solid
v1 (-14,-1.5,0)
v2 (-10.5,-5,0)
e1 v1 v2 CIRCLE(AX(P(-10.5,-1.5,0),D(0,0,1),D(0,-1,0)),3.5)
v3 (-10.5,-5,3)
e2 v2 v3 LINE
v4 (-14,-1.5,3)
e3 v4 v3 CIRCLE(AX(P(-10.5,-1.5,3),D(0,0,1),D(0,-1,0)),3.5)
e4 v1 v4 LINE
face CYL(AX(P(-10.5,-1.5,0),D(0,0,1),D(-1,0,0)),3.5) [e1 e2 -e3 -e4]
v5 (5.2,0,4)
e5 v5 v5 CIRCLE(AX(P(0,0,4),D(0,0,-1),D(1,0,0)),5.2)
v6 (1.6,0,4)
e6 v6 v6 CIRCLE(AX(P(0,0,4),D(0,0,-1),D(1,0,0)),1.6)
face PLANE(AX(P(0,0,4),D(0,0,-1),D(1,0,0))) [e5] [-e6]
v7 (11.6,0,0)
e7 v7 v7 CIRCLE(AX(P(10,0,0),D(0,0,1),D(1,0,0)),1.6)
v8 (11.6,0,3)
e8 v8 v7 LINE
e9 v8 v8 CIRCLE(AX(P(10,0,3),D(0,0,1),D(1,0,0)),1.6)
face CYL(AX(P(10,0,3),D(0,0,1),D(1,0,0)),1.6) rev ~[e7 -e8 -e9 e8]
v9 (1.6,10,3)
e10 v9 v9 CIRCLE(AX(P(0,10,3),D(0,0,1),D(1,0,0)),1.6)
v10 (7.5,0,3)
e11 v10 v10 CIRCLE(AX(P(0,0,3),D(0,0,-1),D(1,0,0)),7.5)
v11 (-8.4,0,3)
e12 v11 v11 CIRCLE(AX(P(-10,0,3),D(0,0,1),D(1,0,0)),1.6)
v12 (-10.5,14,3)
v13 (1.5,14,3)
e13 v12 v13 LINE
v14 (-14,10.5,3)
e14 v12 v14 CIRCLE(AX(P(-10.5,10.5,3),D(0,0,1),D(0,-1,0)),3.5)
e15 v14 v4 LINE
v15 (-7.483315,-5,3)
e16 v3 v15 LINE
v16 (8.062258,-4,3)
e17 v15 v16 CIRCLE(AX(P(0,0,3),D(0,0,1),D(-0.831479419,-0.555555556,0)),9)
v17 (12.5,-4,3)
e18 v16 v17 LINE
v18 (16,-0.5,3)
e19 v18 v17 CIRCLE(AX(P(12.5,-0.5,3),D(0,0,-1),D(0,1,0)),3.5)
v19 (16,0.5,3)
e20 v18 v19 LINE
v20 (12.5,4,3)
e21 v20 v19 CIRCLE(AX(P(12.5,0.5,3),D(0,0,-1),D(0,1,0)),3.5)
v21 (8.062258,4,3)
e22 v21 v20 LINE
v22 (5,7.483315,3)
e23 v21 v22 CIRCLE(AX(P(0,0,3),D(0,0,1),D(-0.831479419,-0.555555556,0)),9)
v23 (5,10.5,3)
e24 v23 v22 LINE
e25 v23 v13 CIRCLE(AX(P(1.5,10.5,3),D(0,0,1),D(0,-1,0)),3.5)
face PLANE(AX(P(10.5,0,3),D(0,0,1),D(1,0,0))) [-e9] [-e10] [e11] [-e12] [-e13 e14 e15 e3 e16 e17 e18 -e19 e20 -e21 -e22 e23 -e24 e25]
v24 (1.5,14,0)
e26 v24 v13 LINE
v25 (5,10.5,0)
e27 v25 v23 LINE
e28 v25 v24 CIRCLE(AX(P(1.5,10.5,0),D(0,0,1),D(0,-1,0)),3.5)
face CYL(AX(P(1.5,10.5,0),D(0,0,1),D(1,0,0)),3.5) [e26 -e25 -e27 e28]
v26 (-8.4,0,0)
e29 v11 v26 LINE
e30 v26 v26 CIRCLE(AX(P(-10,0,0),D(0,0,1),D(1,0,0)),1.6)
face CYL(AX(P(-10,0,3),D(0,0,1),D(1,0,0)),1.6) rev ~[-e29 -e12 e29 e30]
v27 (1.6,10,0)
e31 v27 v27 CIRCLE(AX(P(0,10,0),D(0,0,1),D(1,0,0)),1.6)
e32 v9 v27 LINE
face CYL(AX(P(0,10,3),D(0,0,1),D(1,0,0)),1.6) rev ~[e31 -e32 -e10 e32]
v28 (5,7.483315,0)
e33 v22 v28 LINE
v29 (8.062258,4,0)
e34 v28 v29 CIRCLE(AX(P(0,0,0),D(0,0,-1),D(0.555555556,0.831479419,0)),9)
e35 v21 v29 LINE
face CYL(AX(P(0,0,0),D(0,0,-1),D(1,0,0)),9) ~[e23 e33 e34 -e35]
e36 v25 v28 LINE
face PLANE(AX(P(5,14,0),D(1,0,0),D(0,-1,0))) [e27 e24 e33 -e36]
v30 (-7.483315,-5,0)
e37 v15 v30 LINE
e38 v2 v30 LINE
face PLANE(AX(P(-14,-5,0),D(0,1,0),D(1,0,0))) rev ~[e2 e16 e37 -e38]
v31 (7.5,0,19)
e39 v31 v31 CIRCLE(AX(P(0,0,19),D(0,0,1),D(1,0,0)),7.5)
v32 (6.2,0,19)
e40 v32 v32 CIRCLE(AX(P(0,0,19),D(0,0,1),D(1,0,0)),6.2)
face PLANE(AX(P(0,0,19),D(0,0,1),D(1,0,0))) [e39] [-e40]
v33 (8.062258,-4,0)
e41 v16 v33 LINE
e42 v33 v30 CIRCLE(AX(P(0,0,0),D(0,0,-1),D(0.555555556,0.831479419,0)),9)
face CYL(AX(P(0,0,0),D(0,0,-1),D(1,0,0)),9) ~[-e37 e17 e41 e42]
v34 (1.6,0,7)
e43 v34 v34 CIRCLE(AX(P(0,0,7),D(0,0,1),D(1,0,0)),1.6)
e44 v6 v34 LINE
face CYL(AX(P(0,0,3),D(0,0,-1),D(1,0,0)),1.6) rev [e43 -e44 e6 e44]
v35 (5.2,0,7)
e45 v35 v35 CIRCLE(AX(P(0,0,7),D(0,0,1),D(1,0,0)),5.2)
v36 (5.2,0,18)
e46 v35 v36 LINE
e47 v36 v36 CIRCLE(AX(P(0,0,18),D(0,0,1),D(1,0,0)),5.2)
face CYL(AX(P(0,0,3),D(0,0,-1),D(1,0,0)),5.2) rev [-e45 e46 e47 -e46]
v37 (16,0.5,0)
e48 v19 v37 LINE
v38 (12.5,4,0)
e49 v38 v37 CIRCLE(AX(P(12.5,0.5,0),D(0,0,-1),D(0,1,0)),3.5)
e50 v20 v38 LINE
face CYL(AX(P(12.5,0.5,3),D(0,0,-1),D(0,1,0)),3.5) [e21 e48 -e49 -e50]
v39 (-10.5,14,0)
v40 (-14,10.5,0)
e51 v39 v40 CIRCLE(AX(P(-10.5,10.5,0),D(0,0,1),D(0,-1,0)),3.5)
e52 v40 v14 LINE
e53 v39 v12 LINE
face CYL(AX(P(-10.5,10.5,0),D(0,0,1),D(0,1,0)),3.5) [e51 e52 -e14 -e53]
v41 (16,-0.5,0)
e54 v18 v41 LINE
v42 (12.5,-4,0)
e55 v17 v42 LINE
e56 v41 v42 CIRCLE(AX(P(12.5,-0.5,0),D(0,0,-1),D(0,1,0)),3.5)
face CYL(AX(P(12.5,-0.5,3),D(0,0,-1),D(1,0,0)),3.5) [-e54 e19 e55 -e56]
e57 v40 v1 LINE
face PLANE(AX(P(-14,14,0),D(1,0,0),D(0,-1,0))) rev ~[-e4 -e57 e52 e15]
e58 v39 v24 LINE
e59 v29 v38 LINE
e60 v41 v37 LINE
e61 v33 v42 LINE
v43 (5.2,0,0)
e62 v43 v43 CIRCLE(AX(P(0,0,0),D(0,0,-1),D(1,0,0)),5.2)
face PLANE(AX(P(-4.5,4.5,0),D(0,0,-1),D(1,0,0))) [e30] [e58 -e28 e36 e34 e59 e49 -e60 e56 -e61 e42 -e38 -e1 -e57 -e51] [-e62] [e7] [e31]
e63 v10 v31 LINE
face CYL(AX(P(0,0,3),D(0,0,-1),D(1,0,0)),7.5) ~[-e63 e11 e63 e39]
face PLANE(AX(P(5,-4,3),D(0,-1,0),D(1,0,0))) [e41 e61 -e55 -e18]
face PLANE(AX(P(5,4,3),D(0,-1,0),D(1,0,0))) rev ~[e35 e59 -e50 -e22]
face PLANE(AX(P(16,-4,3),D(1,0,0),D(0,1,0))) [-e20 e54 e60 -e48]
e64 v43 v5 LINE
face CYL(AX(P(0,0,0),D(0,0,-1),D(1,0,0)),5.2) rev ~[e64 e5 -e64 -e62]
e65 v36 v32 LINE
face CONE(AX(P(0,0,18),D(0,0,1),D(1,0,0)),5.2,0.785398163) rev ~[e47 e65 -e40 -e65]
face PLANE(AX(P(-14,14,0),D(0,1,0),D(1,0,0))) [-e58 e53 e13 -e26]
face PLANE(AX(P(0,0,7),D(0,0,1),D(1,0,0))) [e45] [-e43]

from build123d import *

# Parameters (mm, degrees)
SKETCH_R        = 9
SKETCH_R_2      = 1.6
PAD_DEPTH       = 3
SKETCH001_R     = 7.5
SKETCH001_R_2   = 5.2
PAD001_DEPTH    = 16
SKETCH002_W     = 19
SKETCH002_H     = 19
PAD002_DEPTH    = 3
SKETCH003_R     = 1.6
POCKET_DEPTH    = 3.001
SKETCH004_W     = 11
SKETCH004_H     = 8
PAD003_DEPTH    = 3
SKETCH005_R     = 1.6
POCKET001_DEPTH = 3.001
SKETCH007_R     = 5.2
SKETCH007_R_2   = 1.6
PAD004_DEPTH    = 4
SKETCH008_R     = 5.2
POCKET002_DEPTH = 4
CHAMFER_SIZE    = 1
FILLET_R        = 3.5


with BuildPart() as part:
    # Sketch → Pad (new body)
    with BuildSketch(Plane.XY):
        Circle(SKETCH_R)
        Circle(SKETCH_R_2, mode=Mode.SUBTRACT)
    extrude(amount=PAD_DEPTH)

    # Sketch001 (on Face4 of Pad) → Pad001 (join)
    with BuildSketch(Plane.XY.offset(3)):
        Circle(SKETCH001_R)
        Circle(SKETCH001_R_2, mode=Mode.SUBTRACT)
    extrude(amount=PAD001_DEPTH)

    # Sketch002 (on Face2 of Pad001) → Pad002 (join)
    with BuildSketch(Plane(origin=(0, 0, 0), x_dir=(1, 0, 0), z_dir=(0, 0, -1))):
        with Locations((-4.5, -4.5)):
            Rectangle(SKETCH002_W, SKETCH002_H)
    extrude(amount=-PAD002_DEPTH)

    # Sketch003 (on Face10 of Pad002) → Pocket (cut, through all)
    with BuildSketch(Plane.XY.offset(3)):
        Circle(SKETCH003_R)
    extrude(amount=-POCKET_DEPTH, mode=Mode.SUBTRACT)

    # Sketch004 (on Face16 of Pocket) → Pad003 (join)
    with BuildSketch(Plane.XY.offset(3)):
        with Locations((10.5, 0)):
            Rectangle(SKETCH004_W, SKETCH004_H)
    extrude(amount=-PAD003_DEPTH)

    # Sketch005 → Pocket001 (cut, through all)
    with BuildSketch(Plane.XY.offset(3)):
        with Locations((0, 10)):
            Circle(SKETCH005_R)
        with Locations((-10, 0)):
            Circle(SKETCH005_R)
        with Locations((10, 0)):
            Circle(SKETCH005_R)
    extrude(amount=-POCKET001_DEPTH, mode=Mode.SUBTRACT)

    # Sketch007 → Pad004 (join)
    with BuildSketch(Plane.XY.offset(3)):
        Circle(SKETCH007_R)
        Circle(SKETCH007_R_2, mode=Mode.SUBTRACT)
    extrude(amount=PAD004_DEPTH)

    # Sketch008 (on Face3 of Pad004) → Pocket002 (cut)
    with BuildSketch(Plane(origin=(0, 0, 0), x_dir=(1, 0, 0), z_dir=(0, 0, -1))):
        Circle(SKETCH008_R)
    extrude(amount=-POCKET002_DEPTH, mode=Mode.SUBTRACT)

    # Chamfer
    chamfer_edges = [part.edges().sort_by_distance(p)[0] for p in [
        (-5.2, 0, 19),
    ]]
    chamfer(chamfer_edges, length=CHAMFER_SIZE)

    # Fillet
    fillet_edges = [part.edges().sort_by_distance(p)[0] for p in [
        (5, 14, 1.5),
        (16, 4, 1.5),
        (-14, 14, 1.5),
        (-14, -5, 1.5),
        (16, -4, 1.5),
    ]]
    fillet(fillet_edges, radius=FILLET_R)


solid = part.part
